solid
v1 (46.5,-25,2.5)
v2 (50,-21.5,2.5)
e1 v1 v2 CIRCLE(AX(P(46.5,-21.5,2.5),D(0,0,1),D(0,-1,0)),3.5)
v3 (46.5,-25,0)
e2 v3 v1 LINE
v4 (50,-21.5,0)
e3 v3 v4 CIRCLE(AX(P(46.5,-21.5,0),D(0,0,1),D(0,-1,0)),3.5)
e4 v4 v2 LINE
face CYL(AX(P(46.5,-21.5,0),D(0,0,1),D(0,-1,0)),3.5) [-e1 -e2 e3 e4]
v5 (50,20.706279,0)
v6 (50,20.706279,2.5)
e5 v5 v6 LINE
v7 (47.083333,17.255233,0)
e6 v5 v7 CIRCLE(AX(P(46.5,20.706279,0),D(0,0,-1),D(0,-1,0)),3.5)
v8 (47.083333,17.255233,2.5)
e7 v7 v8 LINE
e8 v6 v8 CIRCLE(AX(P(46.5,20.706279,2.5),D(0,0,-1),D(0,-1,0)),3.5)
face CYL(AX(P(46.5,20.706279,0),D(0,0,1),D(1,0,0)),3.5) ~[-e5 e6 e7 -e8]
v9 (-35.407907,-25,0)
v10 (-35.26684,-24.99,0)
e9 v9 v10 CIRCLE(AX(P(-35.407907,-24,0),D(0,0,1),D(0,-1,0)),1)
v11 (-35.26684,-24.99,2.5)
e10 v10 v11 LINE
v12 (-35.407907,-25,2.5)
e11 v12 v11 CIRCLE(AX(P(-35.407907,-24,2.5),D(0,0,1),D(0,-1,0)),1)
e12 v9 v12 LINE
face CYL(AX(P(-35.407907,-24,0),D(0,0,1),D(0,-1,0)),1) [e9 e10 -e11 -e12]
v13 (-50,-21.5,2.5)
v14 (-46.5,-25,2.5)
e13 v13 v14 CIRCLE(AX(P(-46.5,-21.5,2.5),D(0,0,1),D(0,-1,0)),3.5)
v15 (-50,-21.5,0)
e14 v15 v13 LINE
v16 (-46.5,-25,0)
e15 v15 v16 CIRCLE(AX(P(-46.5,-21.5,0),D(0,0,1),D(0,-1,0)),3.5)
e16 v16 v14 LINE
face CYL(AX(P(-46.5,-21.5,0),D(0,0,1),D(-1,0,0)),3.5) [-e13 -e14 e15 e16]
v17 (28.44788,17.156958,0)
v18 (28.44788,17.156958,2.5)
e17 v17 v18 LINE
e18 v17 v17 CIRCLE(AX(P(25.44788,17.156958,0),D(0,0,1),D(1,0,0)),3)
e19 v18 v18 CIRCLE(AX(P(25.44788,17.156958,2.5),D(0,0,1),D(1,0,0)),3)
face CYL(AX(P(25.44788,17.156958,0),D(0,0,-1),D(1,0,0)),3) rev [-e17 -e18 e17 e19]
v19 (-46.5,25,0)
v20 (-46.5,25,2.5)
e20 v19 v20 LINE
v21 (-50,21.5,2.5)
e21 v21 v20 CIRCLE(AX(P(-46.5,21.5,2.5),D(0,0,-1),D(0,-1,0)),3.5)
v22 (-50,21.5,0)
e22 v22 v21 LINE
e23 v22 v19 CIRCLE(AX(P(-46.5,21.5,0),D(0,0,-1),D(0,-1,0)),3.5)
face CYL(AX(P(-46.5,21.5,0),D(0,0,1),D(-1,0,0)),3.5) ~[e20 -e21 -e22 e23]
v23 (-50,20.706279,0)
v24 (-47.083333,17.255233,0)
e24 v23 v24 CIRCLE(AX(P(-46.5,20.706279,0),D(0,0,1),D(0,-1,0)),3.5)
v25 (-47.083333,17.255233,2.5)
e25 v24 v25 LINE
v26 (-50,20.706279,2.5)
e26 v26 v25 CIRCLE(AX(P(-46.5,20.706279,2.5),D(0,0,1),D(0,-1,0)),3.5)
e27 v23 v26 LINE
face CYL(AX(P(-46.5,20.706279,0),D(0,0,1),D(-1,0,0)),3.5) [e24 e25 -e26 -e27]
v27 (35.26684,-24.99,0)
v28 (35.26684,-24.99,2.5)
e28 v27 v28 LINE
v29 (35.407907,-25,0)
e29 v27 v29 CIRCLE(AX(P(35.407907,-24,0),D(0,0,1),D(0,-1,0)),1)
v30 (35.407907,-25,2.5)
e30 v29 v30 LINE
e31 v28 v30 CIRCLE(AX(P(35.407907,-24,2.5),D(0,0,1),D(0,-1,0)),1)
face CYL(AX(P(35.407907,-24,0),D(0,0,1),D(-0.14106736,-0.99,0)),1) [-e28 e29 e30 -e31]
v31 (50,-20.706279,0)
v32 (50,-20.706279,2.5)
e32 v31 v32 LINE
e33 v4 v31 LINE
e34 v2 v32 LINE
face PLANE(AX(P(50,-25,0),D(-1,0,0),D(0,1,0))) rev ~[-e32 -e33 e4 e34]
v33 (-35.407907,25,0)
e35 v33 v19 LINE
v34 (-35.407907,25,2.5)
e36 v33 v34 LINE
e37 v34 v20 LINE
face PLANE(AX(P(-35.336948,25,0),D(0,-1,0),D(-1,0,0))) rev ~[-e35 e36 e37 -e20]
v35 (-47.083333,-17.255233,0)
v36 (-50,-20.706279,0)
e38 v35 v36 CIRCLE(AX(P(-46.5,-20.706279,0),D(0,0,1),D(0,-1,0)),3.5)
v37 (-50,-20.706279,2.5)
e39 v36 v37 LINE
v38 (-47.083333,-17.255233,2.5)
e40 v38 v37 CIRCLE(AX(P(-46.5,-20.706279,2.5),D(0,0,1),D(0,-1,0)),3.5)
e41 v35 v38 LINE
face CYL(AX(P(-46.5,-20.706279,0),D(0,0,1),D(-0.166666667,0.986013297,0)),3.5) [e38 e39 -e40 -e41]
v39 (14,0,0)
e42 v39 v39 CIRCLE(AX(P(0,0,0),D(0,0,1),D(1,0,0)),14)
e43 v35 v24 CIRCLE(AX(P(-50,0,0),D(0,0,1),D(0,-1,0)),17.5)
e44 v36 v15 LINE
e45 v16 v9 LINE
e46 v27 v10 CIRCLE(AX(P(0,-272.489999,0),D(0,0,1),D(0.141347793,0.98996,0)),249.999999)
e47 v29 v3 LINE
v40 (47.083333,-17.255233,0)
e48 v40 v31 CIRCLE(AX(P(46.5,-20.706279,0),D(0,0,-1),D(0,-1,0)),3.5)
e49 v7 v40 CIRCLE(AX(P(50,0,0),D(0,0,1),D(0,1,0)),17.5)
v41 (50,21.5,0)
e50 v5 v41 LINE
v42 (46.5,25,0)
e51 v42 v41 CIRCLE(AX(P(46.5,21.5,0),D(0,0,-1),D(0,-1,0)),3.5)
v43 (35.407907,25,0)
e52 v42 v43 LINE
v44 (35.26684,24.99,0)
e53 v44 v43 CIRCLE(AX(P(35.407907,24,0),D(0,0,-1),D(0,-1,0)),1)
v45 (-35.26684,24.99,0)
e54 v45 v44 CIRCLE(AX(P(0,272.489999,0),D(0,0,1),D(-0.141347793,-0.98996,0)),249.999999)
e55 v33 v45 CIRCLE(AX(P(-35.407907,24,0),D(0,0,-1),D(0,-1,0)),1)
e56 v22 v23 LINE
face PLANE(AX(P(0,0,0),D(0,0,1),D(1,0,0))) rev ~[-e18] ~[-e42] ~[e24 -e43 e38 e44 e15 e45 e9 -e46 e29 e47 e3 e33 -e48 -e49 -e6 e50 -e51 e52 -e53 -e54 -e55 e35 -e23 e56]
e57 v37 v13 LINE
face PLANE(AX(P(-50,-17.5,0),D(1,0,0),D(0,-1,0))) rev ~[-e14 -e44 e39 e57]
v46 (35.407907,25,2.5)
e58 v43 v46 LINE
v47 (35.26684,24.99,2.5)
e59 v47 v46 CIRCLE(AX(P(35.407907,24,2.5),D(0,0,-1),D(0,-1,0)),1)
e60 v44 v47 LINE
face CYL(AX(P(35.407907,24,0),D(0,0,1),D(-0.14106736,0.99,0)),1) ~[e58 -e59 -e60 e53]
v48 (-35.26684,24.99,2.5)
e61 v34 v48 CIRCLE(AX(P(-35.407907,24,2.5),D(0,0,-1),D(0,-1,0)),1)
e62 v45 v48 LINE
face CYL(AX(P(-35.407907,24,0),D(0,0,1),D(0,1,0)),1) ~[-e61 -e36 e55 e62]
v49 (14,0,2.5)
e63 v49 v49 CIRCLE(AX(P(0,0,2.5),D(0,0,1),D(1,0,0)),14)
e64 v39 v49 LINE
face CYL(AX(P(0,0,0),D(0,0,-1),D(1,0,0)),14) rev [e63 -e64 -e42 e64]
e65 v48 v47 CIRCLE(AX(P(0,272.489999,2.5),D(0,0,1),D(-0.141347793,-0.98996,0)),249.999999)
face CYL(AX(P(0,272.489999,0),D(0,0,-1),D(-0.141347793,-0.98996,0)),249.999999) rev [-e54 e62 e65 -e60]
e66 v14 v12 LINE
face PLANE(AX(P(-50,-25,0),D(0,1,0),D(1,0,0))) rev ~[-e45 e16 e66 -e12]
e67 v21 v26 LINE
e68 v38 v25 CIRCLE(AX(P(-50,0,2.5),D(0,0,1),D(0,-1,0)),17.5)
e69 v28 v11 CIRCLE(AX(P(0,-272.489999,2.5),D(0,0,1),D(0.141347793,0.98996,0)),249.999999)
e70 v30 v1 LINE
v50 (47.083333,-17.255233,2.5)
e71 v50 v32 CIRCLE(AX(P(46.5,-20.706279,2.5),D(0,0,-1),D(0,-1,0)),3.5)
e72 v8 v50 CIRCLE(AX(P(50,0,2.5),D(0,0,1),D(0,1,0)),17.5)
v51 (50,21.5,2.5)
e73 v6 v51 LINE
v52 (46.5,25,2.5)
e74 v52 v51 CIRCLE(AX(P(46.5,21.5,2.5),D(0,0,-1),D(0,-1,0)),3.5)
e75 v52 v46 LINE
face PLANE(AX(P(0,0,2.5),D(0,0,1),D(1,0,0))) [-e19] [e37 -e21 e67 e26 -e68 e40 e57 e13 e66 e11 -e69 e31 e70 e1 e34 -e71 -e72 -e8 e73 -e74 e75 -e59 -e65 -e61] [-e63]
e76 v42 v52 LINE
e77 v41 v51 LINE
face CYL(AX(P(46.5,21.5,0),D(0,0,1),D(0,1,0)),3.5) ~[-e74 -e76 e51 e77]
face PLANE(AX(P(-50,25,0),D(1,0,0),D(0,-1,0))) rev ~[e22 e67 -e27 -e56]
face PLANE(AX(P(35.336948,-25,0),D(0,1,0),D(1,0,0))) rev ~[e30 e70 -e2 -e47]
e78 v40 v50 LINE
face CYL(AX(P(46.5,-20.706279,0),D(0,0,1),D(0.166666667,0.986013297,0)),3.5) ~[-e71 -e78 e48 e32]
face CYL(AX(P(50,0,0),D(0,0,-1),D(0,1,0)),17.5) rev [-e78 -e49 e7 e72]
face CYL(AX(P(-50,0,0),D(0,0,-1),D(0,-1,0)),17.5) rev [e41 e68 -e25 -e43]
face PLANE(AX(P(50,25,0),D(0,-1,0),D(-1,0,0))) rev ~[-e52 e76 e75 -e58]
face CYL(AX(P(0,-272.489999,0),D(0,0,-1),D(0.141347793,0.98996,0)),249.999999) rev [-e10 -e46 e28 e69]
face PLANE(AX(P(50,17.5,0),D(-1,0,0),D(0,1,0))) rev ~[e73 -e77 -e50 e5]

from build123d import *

# Parameters (mm, degrees)
SKETCH_R    = 14
SKETCH_R_2  = 3
PAD_DEPTH   = 2.5
FILLET_R    = 3.5
FILLET001_R = 1


with BuildPart() as part:
    # Sketch → Pad (new body)
    with BuildSketch(Plane.XY):
        with BuildLine():
            Line((-50, 25), (-50, 17.5))
            ThreePointArc((-50, -17.5), (-32.5, 0), (-50, 17.5))
            Line((-50, -17.5), (-50, -25))
            Line((-50, -25), (-35.336948, -25))
            ThreePointArc((35.336948, -25), (0, -22.49), (-35.336948, -25))
            Line((35.336948, -25), (50, -25))
            Line((50, -25), (50, -17.5))
            ThreePointArc((50, 17.5), (32.5, 0), (50, -17.5))
            Line((50, 17.5), (50, 25))
            Line((50, 25), (35.336948, 25))
            ThreePointArc((-35.336948, 25), (0, 22.49), (35.336948, 25))
            Line((-35.336948, 25), (-50, 25))
        make_face()
        Circle(SKETCH_R, mode=Mode.SUBTRACT)
        with Locations((25.44788, 17.156958)):
            Circle(SKETCH_R_2, mode=Mode.SUBTRACT)
    extrude(amount=PAD_DEPTH)

    # Fillet
    fillet_edges = [part.edges().sort_by_distance(p)[0] for p in [
        (-50, -25, 1.25),
        (50, -25, 1.25),
        (50, -17.5, 1.25),
        (50, 25, 1.25),
        (50, 17.5, 1.25),
        (-50, 17.5, 1.25),
        (-50, 25, 1.25),
        (-50, -17.5, 1.25),
    ]]
    fillet(fillet_edges, radius=FILLET_R)

    # Fillet001
    fillet001_edges = [part.edges().sort_by_distance(p)[0] for p in [
        (35.336948, 25, 1.25),
        (-35.336948, 25, 1.25),
        (-35.336948, -25, 1.25),
        (35.336948, -25, 1.25),
    ]]
    fillet(fillet001_edges, radius=FILLET001_R)


solid = part.part
